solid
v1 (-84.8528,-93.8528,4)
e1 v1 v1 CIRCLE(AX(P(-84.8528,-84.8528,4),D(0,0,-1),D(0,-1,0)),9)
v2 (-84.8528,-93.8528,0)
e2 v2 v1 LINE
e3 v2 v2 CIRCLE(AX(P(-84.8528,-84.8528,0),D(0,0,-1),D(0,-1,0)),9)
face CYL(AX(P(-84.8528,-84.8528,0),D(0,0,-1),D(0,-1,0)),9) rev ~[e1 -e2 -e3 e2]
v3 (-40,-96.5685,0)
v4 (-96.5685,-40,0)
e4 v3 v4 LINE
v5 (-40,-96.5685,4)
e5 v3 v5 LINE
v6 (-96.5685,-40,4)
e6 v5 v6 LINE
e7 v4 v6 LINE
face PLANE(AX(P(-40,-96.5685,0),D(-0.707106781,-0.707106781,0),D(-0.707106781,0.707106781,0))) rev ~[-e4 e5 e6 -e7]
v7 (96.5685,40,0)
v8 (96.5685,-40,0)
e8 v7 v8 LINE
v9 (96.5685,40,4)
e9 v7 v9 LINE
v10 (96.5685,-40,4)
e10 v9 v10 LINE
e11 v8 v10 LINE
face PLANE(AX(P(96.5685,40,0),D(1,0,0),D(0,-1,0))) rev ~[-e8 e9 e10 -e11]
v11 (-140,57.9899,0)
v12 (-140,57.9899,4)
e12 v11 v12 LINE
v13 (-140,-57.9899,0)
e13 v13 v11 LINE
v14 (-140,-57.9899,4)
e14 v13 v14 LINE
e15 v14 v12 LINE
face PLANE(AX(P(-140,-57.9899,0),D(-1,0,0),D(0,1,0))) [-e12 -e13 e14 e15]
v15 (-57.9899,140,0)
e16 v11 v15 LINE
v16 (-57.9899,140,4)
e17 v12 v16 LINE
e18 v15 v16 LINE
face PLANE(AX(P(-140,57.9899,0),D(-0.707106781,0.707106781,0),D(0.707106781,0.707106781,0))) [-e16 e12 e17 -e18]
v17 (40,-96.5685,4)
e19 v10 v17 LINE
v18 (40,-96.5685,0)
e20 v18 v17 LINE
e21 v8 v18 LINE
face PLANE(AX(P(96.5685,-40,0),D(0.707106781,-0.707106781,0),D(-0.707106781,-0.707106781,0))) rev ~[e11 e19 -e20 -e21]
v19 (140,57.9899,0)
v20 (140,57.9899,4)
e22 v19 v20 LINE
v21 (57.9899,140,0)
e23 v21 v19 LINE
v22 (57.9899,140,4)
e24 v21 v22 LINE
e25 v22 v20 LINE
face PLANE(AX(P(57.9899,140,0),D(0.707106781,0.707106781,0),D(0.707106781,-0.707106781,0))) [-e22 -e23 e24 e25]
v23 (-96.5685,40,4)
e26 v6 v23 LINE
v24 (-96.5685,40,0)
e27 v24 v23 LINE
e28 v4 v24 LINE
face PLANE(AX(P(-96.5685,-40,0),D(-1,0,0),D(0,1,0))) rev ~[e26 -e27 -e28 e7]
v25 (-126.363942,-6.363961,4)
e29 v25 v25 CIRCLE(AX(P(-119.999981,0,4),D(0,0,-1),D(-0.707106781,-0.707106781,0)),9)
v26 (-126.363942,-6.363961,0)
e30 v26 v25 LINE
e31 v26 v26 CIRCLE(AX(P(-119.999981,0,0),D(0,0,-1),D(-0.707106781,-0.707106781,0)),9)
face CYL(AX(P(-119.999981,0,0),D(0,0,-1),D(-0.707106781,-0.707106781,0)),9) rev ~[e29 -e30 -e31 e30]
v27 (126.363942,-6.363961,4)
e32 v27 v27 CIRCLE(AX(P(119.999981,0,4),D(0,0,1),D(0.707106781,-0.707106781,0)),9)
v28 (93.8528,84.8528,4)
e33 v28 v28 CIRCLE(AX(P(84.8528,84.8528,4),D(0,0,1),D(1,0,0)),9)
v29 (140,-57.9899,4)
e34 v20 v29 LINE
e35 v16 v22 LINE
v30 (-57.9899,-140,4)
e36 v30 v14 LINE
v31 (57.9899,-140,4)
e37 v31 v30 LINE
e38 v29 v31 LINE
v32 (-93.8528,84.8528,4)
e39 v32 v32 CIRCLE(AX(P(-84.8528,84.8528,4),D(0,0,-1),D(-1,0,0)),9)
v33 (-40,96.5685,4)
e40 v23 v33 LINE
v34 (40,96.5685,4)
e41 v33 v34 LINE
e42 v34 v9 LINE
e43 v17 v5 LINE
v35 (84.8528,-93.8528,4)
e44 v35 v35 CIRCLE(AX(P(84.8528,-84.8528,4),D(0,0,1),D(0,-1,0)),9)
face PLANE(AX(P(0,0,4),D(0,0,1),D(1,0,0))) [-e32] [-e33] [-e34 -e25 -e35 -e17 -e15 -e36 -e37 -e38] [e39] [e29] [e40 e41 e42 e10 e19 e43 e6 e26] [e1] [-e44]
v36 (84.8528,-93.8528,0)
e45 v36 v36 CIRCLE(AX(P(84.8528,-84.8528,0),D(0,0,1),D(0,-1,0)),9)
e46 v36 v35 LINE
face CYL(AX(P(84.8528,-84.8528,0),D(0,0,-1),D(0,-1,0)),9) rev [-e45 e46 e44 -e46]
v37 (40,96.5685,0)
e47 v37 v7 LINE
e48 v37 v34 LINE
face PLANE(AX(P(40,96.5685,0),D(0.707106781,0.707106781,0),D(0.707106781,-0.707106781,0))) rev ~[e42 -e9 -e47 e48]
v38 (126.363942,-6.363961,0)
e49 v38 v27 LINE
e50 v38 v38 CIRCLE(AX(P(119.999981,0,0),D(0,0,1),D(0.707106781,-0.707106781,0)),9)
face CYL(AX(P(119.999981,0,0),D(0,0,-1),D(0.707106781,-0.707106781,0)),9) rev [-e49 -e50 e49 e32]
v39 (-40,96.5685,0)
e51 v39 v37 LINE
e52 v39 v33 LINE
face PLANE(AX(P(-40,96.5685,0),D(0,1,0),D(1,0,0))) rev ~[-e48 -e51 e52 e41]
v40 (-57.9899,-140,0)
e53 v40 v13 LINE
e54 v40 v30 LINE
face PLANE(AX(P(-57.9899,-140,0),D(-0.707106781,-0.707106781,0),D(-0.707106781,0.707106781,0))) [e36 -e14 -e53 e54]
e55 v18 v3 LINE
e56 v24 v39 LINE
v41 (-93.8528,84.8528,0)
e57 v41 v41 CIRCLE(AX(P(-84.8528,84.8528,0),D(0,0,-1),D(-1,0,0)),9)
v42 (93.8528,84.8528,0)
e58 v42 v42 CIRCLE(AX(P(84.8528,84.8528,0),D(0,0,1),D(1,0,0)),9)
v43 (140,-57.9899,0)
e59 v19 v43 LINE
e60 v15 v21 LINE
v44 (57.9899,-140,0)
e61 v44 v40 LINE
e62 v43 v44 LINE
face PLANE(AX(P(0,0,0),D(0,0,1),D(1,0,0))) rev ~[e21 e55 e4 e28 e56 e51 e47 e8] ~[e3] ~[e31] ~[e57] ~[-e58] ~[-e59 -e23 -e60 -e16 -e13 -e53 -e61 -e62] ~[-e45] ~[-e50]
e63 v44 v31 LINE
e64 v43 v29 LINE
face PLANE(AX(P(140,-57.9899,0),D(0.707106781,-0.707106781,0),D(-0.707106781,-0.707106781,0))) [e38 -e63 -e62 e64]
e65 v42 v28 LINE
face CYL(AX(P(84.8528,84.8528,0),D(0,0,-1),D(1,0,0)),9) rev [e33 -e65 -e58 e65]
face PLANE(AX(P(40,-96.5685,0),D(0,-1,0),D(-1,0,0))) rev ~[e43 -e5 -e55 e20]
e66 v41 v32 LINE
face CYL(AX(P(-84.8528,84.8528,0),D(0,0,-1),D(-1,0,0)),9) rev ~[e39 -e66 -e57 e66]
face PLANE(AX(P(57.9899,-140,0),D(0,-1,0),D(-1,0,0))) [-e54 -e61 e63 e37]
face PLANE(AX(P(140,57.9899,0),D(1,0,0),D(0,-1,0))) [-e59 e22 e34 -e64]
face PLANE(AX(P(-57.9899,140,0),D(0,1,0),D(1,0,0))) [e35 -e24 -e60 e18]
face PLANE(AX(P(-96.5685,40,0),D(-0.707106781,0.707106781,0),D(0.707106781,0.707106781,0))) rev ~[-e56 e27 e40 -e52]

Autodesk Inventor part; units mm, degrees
ref_plane "YZ Plane" through (0, 0, 0) normal (1, 0, 0) x (0, 1, 0)
ref_plane "XZ Plane" through (0, 0, 0) normal (0, 1, 0) x (-1, 0, 0)
ref_plane "XY Plane" through (0, 0, 0) normal (0, 0, 1) x (1, 0, 0)
sketch "Sketch1" plane through (0, 0, 0) normal (0, 0, 1) x (1, 0, 0)
  circle A0 centre (0, 0) radius 96.5685 construction
  circle A1 centre (0, 0) radius 140 construction
  line L0 (140, -140) -> (-140, -140)
  line L1 (-140, -140) -> (-140, 140)
  line L2 (-140, 140) -> (140, 140)
  line L3 (140, 140) -> (140, -140)
  line L4 (140, -140) -> (-140, 140) construction
  line L5 (-140, -140) -> (140, 140) construction
  line L6 (57.9899, 140) -> (140, 57.9899)
  line L7 (140, 57.9899) -> (140, -57.9899)
  line L8 (140, -57.9899) -> (57.9899, -140)
  line L9 (57.9899, -140) -> (-57.9899, -140)
  line L10 (-57.9899, -140) -> (-140, -57.9899)
  line L11 (-140, -57.9899) -> (-140, 57.9899)
  line L12 (-140, 57.9899) -> (-57.9899, 140)
  line L13 (-57.9899, 140) -> (57.9899, 140)
  line L14 (40, 96.5685) -> (96.5685, 40)
  line L15 (96.5685, 40) -> (96.5685, -40)
  line L16 (96.5685, -40) -> (40, -96.5685)
  line L17 (40, -96.5685) -> (-40, -96.5685)
  line L18 (-40, -96.5685) -> (-96.5685, -40)
  line L19 (-96.5685, -40) -> (-96.5685, 40)
  line L20 (-96.5685, 40) -> (-40, 96.5685)
  line L21 (-40, 96.5685) -> (40, 96.5685)
  point P0 (0, 140)
  point P1 (-57.9899, 140)
  point P2 (-140, 57.9899)
  point P3 (-140, -57.9899)
  point P4 (-57.9899, -140)
  point P5 (57.9899, -140)
  point P6 (140, -57.9899)
  point P7 (140, 57.9899)
  point P8 (57.9899, 140)
  point P9 (0, 96.5685)
  point P10 (0, 140)
  dimension "d23" = 280
  dimension "d41" = 80
  dimension "d42" = 43.4315
extrude "Plate1" add sketch "Sketch1" along normal blind 4 contours L0 L10 L1 L12 L2 L6 L3 L8
sketch "Sketch6" plane through (0, 0, 0) normal (0, 0, 1) x (1, 0, 0)
  line L0 (0, 0) -> (0, 120) construction
  circle A0 centre (0, 0) radius 120 construction
  line L1 (0, 0) -> (84.8528, 84.8528) construction
  circle A1 centre (84.8528, 84.8528) radius 9
  dimension "d32" = 18
  dimension "d33" = 240
  dimension "d34" = 45
extrude "Cut2" cut sketch "Sketch6" along normal blind 4
pattern_circular "Circular Pattern2" count 3 over 90 about axis through (0, 0, -10) along (0, 0, -1) of "Cut2"
mirror "Mirror1" about plane through (0, 0, 0) normal (1, 0, 0) of "Cut2", "Circular Pattern2"
equation "\"d23\" = Flange_D_outer"
equation "\"d32\" = Flange_d_hole_diam"
equation "\"d33\" = Flange_D1_hole_center"
equation "\"d35\" = Thickness"
equation "\"d2\" = Thickness"
equation "\"BendReliefWidth\" = Thickness"
equation "\"BendReliefDepth\" = 0.5 * Thickness"
equation "\"CornerReliefSize\" = 4 * Thickness"
equation "\"MinimumRemnant\" = 2 * Thickness"
equation "\"TransitionRadius\" = BendRadius"
equation "\"JacobiRadiusSize\" = BendRadius"
equation "\"GapSize\" = Thickness"
equation "\"Octaeder_flange_lenth\" = d42"
equation "\"Flange_D_outer\" = 280"
equation "\"Flange_d_hole_diam\" = 18"
equation "\"Flange_D1_hole_center\" = 240"
equation "\"Thickness\" = 4"
equation "\"BendRadius\" = 6"
properties part number "DSB 110 drain sustem flange" material "Stainless Steel"
